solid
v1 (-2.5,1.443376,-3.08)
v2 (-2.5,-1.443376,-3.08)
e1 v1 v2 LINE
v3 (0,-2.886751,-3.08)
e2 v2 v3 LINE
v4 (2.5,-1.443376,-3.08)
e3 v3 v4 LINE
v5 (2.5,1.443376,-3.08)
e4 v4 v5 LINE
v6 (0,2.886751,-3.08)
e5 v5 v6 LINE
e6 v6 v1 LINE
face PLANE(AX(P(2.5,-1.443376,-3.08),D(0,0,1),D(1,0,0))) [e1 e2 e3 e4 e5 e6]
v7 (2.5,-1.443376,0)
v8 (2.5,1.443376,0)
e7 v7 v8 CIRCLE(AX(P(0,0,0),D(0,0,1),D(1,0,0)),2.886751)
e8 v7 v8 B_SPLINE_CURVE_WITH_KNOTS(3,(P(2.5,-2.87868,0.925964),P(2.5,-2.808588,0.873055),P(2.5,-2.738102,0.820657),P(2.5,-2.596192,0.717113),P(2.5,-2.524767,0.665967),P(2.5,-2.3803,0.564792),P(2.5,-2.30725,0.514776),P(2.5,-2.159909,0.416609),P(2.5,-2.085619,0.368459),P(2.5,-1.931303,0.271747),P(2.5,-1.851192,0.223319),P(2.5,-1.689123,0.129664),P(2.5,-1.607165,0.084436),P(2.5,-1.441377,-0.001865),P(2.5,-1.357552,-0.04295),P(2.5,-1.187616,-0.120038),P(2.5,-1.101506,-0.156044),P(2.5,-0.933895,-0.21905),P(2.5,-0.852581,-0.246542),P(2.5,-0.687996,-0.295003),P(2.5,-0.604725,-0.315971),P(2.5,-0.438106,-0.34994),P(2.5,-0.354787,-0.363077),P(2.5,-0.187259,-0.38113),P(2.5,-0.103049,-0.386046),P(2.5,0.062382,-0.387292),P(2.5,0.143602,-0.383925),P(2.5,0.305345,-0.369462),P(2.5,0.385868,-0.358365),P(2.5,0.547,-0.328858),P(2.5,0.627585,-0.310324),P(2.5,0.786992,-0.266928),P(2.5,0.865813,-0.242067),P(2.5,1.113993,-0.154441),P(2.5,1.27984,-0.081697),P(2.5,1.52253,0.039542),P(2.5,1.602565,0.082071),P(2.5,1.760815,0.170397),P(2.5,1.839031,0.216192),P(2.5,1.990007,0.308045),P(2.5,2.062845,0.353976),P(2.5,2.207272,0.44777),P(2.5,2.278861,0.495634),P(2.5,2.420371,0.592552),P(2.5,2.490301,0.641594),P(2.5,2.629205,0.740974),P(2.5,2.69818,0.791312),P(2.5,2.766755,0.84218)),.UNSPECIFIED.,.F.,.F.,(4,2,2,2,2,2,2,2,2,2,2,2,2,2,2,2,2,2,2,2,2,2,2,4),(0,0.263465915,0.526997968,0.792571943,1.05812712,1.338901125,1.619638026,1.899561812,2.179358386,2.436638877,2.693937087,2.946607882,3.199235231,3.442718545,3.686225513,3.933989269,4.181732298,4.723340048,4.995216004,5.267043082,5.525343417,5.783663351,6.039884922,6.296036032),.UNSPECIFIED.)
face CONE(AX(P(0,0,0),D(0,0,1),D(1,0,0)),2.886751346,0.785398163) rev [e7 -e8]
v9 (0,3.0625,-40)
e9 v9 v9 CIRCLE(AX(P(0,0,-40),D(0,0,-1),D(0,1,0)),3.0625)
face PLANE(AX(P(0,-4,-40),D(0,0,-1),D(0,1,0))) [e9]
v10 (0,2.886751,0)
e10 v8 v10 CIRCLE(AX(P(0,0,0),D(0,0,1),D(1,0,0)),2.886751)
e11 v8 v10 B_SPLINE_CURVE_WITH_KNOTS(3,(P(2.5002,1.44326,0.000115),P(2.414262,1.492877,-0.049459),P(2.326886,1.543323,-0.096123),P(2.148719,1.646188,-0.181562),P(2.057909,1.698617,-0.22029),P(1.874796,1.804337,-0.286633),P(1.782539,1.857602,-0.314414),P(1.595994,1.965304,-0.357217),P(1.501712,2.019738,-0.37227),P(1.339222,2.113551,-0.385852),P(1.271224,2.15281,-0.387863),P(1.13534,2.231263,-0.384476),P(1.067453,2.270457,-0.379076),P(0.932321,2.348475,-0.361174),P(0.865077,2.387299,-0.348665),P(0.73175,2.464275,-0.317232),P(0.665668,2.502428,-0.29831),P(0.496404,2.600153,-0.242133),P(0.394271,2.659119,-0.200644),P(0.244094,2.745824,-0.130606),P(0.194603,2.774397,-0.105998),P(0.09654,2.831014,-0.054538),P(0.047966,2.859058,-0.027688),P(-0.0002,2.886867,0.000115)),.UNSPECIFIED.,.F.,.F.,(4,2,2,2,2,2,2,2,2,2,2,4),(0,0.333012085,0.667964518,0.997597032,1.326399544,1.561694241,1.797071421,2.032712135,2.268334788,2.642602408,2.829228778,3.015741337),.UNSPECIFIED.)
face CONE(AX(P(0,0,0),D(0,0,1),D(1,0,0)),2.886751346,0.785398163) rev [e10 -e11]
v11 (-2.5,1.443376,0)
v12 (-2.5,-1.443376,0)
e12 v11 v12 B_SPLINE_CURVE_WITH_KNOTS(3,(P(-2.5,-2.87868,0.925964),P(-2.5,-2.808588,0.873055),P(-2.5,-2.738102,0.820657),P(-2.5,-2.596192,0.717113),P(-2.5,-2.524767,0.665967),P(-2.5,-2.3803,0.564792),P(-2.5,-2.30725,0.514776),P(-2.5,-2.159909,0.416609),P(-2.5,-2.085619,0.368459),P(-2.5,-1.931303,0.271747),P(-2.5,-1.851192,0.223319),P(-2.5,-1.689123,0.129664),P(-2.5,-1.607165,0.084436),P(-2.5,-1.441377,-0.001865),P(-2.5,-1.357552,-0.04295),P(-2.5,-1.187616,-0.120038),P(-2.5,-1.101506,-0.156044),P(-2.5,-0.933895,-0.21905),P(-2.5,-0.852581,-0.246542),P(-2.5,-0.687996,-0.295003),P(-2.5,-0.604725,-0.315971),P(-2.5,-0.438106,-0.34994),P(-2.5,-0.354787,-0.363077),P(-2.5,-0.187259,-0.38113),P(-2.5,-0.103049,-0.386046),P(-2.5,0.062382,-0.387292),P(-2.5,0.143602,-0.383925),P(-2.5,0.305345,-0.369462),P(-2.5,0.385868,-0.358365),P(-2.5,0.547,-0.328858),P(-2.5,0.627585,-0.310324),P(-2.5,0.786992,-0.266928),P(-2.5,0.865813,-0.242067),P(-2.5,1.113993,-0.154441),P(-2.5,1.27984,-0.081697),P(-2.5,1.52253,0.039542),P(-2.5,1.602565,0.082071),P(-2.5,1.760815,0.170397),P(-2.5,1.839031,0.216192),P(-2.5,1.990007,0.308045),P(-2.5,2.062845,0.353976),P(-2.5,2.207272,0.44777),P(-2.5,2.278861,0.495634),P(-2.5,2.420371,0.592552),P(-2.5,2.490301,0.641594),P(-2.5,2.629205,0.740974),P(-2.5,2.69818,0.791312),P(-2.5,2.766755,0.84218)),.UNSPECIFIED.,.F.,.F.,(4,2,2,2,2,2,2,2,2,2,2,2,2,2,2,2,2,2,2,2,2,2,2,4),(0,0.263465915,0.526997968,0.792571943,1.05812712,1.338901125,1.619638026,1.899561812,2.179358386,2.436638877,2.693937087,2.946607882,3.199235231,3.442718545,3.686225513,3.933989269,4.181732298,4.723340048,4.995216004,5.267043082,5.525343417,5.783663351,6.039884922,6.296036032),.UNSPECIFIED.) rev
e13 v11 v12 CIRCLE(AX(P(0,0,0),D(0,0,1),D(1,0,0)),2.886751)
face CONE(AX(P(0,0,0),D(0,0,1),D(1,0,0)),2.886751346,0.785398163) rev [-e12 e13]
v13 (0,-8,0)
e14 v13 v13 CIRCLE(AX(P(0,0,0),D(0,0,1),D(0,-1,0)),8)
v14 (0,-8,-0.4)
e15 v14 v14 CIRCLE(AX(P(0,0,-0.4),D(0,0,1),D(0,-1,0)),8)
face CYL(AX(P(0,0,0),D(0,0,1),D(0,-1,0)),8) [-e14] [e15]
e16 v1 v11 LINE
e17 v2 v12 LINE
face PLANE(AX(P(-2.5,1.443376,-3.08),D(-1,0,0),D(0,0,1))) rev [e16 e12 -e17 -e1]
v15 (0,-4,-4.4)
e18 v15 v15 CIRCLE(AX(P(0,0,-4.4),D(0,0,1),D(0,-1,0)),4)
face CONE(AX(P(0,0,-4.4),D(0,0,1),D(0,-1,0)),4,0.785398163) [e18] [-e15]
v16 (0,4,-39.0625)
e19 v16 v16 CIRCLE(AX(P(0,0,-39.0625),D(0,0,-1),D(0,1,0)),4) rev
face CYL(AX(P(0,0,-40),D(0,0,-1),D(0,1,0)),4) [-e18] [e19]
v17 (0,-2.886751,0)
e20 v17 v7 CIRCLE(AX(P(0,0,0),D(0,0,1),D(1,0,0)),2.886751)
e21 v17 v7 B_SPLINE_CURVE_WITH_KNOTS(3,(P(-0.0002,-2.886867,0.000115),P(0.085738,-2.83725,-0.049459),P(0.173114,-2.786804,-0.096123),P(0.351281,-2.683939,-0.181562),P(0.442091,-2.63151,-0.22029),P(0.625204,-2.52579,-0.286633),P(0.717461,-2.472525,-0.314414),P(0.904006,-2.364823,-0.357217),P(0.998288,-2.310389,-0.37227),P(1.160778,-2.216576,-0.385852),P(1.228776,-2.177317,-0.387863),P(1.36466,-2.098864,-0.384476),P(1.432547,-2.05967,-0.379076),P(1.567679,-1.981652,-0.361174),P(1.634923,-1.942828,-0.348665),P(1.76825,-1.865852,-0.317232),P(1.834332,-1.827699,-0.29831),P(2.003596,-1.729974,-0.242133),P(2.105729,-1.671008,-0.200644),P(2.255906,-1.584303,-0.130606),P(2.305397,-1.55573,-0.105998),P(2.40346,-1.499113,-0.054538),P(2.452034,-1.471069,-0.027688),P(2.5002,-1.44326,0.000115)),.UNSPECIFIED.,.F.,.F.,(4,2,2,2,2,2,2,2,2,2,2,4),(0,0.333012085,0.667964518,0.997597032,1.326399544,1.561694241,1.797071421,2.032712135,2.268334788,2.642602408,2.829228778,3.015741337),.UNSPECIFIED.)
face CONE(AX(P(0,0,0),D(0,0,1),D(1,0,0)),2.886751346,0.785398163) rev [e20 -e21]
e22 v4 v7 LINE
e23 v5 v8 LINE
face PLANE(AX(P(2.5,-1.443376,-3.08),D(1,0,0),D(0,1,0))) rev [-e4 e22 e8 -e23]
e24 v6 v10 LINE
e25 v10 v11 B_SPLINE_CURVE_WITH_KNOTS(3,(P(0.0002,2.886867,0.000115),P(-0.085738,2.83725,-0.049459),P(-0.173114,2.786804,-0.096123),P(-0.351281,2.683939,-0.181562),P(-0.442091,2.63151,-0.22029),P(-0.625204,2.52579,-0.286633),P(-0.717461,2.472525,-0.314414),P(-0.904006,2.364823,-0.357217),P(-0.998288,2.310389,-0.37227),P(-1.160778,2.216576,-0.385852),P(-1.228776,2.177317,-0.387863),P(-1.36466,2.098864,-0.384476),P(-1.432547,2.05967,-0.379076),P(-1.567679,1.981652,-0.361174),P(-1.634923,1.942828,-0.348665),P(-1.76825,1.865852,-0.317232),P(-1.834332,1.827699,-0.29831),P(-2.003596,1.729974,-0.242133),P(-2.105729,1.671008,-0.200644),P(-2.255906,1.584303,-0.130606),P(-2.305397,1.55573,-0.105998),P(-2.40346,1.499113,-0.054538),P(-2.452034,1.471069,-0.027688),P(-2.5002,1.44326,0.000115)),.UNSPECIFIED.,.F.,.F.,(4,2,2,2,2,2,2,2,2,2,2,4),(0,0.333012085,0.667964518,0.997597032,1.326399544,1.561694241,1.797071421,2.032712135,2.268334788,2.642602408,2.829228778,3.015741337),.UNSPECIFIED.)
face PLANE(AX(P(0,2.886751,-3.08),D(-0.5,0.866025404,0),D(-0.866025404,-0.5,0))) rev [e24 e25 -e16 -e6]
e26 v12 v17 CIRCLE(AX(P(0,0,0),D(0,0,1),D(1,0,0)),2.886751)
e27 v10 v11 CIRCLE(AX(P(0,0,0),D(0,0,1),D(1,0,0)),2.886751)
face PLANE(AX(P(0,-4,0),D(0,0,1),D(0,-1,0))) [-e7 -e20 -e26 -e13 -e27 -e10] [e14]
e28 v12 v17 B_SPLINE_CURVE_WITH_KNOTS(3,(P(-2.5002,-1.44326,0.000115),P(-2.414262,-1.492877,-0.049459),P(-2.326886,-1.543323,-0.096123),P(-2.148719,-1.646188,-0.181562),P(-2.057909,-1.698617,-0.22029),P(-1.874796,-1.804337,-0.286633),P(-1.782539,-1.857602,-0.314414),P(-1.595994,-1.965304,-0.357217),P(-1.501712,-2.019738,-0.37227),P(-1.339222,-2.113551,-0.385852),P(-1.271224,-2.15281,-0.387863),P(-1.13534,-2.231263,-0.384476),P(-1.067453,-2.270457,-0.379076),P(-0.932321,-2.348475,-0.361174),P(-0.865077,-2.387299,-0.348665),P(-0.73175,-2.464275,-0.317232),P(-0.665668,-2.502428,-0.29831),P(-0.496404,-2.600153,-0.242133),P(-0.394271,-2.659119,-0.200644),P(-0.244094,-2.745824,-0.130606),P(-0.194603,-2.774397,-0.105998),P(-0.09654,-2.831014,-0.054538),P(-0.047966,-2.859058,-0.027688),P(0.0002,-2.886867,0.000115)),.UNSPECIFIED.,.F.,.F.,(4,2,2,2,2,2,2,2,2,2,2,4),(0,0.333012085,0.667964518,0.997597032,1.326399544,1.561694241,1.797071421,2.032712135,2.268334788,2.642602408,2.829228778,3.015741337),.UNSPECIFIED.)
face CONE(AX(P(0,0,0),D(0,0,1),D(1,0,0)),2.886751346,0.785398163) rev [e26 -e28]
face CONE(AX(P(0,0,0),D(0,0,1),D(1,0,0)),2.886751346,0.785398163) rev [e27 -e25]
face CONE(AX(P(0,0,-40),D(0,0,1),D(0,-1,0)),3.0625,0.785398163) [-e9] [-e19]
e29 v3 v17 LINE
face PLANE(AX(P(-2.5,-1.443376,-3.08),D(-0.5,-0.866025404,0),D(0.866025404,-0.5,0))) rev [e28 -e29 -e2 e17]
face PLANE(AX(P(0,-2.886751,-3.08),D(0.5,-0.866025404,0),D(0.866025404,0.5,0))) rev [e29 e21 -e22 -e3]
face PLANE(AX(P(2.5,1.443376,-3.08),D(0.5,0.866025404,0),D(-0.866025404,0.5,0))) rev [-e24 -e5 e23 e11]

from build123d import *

# Parameters (mm, degrees)
SKETCH1_W          = 40
SKETCH1_H          = 4
CHAMFER1_SIZE      = 0.9375
CUT_EXTRUDE2_DEPTH = 3.08


with BuildPart() as part:
    # Sketch1 → Revolve1 (revolve)
    with BuildSketch(Plane(origin=(0, 0, 0), x_dir=(0, 0, -1), z_dir=(1, 0, 0))):
        with Locations((20, 2)):
            Rectangle(SKETCH1_W, SKETCH1_H)
    revolve(axis=Axis((0, 0, -40), (0, 0, 1)))

    # Chamfer1
    chamfer1_edges = [part.edges().sort_by_distance(p)[0] for p in [
        (0, -4, -40),
    ]]
    chamfer(chamfer1_edges, length=CHAMFER1_SIZE)

    # Sketch7 → Revolve2 (revolve)
    with BuildSketch(Plane(origin=(0, 0, 0), x_dir=(0, 0, -1), z_dir=(1, 0, 0)), mode=Mode.PRIVATE) as revolve2_sk:
        Polygon((0, 8), (0.4, 8), (4.4, 4), (4.4, 0), (0, 0), align=None)
    revolve(revolve2_sk.sketch.rotate(Axis((0, 0, 0), (0, 0, -1)), 180), axis=Axis((0, 0, 0), (0, 0, -1)))

    # Boss-Extrude1 cone 1 section (through the dimple's axis) → Boss-Extrude1 (revolve)
    with BuildSketch(Plane(origin=(0, 0, -4.4), x_dir=(0, -1, 0), z_dir=(1, 0, 0))):
        Polygon((0, 0), (4, 0), (0, 4), align=None)
    revolve(axis=Axis((0, 0, -4.4), (0, 0, -1)))

    # Sketch5 → Cut-Extrude2 (cut)
    with BuildSketch(Plane.XY):
        Polygon((2.5, -1.443375673), (2.5, 1.443375673), (0, 2.886751346), (-2.5, 1.443375673), (-2.5, -1.443375673), (0, -2.886751346), align=None)
    extrude(amount=-CUT_EXTRUDE2_DEPTH, mode=Mode.SUBTRACT)

    # Cut-Extrude3 cone 1 section (through the dimple's axis) → Cut-Extrude3 (revolve, cut)
    with BuildSketch(Plane(origin=(0, 0, 0), x_dir=(0, -1, 0), z_dir=(1, 0, 0))):
        Polygon((0, 0), (2.886751346, 0), (0, 2.886751346), align=None)
    revolve(axis=Axis((0, 0, 0), (0, 0, -1)), mode=Mode.SUBTRACT)


solid = part.part
